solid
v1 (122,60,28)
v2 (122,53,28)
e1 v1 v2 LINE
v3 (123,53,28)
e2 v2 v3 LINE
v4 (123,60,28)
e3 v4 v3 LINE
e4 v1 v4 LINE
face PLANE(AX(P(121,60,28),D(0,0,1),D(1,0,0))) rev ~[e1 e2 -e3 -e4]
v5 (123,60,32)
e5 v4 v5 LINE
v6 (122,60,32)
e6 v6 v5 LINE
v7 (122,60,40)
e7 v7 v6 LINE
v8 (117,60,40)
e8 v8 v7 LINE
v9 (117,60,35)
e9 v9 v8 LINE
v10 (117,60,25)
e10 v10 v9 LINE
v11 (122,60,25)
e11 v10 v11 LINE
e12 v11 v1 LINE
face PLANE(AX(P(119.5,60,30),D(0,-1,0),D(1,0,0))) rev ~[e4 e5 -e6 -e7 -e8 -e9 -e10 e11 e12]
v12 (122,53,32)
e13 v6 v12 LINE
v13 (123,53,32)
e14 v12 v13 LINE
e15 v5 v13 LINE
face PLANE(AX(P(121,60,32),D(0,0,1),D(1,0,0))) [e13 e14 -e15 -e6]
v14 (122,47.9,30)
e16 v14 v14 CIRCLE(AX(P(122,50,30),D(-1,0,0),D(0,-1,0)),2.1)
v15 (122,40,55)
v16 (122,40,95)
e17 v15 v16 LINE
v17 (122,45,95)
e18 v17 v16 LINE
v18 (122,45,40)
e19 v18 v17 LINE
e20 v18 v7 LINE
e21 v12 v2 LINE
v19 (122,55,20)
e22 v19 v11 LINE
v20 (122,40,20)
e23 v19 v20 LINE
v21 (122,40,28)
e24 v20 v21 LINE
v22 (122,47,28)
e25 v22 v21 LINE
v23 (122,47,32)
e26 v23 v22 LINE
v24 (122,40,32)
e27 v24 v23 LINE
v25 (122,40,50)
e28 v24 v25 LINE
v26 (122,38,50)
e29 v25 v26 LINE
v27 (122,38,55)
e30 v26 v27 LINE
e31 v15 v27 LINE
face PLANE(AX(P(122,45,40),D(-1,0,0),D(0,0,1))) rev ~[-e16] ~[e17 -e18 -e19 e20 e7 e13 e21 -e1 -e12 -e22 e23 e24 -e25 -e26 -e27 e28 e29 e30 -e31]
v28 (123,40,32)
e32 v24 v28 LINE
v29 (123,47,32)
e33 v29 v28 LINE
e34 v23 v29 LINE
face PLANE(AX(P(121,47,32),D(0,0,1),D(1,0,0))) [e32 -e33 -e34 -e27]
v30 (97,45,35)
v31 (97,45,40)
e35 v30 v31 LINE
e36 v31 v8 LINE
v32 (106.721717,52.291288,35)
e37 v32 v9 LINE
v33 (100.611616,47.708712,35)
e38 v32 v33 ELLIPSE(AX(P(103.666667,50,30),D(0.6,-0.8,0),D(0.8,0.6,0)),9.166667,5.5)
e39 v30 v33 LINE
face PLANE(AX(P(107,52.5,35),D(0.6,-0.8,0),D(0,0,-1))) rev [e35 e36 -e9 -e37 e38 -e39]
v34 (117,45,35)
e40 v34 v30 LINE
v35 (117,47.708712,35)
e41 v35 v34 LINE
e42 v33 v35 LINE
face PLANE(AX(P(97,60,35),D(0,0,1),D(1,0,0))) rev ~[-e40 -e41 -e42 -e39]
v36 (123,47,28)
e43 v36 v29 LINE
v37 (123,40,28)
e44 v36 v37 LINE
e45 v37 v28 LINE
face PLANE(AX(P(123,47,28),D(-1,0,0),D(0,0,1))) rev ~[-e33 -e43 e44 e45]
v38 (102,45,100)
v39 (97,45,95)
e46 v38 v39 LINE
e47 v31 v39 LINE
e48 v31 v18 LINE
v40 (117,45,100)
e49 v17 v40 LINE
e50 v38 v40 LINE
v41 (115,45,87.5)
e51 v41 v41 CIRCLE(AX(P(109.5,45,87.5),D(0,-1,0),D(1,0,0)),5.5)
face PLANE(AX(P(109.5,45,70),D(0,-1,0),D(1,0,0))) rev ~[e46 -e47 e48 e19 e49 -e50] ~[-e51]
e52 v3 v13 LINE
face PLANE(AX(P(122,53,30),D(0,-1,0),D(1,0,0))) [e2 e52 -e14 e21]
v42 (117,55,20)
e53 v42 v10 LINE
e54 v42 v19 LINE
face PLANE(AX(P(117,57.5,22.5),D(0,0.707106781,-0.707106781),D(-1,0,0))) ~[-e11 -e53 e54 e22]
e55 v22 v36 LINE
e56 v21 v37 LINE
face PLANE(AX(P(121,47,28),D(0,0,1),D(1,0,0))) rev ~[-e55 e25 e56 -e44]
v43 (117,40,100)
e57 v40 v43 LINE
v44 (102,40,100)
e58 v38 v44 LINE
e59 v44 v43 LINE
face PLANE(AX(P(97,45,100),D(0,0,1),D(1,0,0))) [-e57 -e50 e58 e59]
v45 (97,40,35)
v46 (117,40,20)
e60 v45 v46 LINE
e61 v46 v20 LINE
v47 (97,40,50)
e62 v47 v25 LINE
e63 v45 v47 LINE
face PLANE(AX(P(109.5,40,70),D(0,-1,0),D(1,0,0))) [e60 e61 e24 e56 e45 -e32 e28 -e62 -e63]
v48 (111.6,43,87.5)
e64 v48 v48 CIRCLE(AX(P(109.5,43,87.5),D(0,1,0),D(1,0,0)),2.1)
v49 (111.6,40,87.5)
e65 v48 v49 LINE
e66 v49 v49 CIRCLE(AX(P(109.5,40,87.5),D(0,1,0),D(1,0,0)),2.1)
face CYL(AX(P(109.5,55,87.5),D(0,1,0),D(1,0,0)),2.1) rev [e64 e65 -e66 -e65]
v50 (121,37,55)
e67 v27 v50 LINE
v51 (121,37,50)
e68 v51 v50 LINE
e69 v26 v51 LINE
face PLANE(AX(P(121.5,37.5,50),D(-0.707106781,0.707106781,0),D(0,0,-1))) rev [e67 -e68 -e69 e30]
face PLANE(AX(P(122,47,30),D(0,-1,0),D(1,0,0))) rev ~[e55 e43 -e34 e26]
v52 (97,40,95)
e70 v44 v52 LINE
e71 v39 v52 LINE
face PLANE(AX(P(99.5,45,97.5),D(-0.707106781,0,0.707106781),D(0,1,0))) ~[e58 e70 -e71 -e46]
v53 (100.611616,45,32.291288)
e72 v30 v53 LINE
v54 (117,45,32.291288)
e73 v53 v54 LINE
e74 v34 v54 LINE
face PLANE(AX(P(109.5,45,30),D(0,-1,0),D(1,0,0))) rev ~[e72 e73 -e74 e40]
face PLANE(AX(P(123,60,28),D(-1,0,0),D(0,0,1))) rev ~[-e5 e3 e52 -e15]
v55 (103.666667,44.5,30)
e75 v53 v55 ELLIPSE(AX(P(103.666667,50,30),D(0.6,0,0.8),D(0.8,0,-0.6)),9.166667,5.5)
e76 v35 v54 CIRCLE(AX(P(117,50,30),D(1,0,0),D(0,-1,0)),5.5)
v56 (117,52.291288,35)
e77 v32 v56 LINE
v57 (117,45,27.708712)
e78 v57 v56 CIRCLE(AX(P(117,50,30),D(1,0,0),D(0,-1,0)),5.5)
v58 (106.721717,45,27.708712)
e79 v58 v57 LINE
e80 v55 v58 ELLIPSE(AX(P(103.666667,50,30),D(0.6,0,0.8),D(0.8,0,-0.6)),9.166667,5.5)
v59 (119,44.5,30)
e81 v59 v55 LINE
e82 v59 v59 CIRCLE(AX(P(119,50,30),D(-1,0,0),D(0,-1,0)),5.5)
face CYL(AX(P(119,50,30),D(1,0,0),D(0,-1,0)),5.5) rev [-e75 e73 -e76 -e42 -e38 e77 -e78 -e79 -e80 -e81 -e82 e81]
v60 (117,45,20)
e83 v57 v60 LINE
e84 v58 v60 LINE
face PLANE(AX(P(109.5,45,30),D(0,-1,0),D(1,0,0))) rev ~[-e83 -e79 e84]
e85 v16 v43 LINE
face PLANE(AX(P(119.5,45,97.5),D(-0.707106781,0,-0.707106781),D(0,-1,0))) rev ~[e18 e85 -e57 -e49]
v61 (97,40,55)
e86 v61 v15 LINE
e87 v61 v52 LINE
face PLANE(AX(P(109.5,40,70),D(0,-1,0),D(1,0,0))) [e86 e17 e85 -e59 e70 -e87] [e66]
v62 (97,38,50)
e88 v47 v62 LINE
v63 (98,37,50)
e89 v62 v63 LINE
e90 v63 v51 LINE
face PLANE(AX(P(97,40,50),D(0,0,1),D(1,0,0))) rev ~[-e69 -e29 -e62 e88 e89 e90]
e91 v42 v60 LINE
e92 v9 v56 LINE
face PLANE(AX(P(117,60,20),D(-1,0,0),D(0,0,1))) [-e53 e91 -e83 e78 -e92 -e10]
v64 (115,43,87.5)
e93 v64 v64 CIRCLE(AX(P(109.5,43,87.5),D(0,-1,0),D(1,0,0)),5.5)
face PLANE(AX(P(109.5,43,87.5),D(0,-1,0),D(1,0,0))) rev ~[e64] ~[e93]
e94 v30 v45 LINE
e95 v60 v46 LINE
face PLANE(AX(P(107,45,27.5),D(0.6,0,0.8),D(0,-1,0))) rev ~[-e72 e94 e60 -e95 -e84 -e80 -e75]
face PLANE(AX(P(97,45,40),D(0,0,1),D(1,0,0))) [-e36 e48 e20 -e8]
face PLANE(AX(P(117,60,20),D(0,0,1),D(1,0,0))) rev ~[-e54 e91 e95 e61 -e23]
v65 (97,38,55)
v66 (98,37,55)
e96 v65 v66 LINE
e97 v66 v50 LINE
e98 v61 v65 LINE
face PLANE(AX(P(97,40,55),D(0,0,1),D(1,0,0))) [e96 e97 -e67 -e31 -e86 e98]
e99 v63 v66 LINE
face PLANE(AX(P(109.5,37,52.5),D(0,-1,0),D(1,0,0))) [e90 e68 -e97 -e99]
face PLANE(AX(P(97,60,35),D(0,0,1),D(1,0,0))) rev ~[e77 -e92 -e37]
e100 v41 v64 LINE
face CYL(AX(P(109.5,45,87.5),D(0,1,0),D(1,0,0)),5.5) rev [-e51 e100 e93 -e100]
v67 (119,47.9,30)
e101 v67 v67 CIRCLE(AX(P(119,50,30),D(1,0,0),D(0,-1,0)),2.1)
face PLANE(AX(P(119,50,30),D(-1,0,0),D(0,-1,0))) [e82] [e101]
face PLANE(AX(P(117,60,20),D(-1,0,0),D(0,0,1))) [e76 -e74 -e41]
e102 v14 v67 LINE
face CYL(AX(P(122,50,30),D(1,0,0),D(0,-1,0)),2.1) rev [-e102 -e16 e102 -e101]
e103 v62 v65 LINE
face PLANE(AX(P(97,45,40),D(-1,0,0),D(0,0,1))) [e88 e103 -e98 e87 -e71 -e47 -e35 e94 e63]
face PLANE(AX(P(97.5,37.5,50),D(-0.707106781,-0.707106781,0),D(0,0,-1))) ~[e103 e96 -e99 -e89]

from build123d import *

# Parameters (mm, degrees)
CYLINDER015_R                   = 2.1
CYLINDER015_DEPTH               = 32
CYLINDER018_R                   = 5.5
CYLINDER018_DEPTH               = 2
CYLINDER016_R                   = 2.1
CYLINDER016_DEPTH               = 25
CYLINDER017_R                   = 5.5
CYLINDER017_DEPTH               = 22
BOX032_W                        = 2
BOX032_H                        = 4
BOX032_DEPTH                    = 7
BOX031_W                        = 25
BOX031_H                        = 20
BOX031_DEPTH                    = 5
CHAMFER003001005004_SIZE2       = 20
CHAMFER003001005004_SIZE        = 15
BOX030_W                        = 25
BOX030_H                        = 5
BOX030_DEPTH                    = 20
CHAMFER003001005003_SIZE2       = 20
CHAMFER003001005003_SIZE        = 15
BOX029_W                        = 5
BOX029_H                        = 20
BOX029_DEPTH                    = 20
BOX028_W                        = 25
BOX028_H                        = 60
BOX028_DEPTH                    = 5
BOX027_W                        = 25
BOX027_H                        = 5
BOX027_DEPTH                    = 3
BOX033_W                        = 2
BOX033_H                        = 4
BOX033_DEPTH                    = 7
CHAMFER003001005005_SIZE        = 1
CHAMFER003001005006_SIZE        = 5
CHAMFER003001005007_SIZE        = 5
CUT003023001010_PLACEMENT_ANGLE = 90


with BuildPart() as cylinder015:
    # Cylinder015 → Cylinder015 (new body)
    with BuildSketch(Plane(origin=(82.5, 32.5, -15), x_dir=(1, 0, 0), z_dir=(0, 0, 1))):
        Circle(CYLINDER015_R)
    extrude(amount=CYLINDER015_DEPTH)


with BuildPart() as fusion003013:
    # Cylinder018 → Cylinder018 (new body)
    with BuildSketch(Plane(origin=(82.5, 32.5, -5), x_dir=(1, 0, 0), z_dir=(0, 0, 1))):
        Circle(CYLINDER018_R)
    extrude(amount=CYLINDER018_DEPTH)

    # Fusion003013: union Cylinder015
    add(cylinder015.part)


with BuildPart() as cylinder016:
    # Cylinder016 → Cylinder016 (new body)
    with BuildSketch(Plane(origin=(95, -25, -10), x_dir=(0, 0, 1), z_dir=(-1, 0, 0))):
        Circle(CYLINDER016_R)
    extrude(amount=CYLINDER016_DEPTH)


with BuildPart() as fusion003011:
    # Cylinder017 → Cylinder017 (new body)
    with BuildSketch(Plane(origin=(92, -25, -10), x_dir=(0, 0, 1), z_dir=(-1, 0, 0))):
        Circle(CYLINDER017_R)
    extrude(amount=CYLINDER017_DEPTH)

    # Fusion003011: union Cylinder016
    add(cylinder016.part)


with BuildPart() as cube032:
    # Box032 → Box032 (new body)
    with BuildSketch(Plane(origin=(94, -27, -20), x_dir=(1, 0, 0), z_dir=(0, 0, 1))):
        with Locations((1, 2)):
            Rectangle(BOX032_W, BOX032_H)
    extrude(amount=BOX032_DEPTH)


with BuildPart() as chamfer003001005004:
    # Box031 → Box031 (new body)
    with BuildSketch(Plane(origin=(70, -35, -5), x_dir=(1, 0, 0), z_dir=(0, 0, 1))):
        with Locations((12.5, 10)):
            Rectangle(BOX031_W, BOX031_H)
    extrude(amount=BOX031_DEPTH)

    # Chamfer003001005004
    chamfer003001005004_edges = [chamfer003001005004.edges().sort_by_distance(p)[0] for p in [
        (70, -35, -2.5),
    ]]
    chamfer003001005004_side = chamfer003001005004.faces().sort_by_distance((70, -25, -2.5))[0]
    chamfer(chamfer003001005004_edges, length=CHAMFER003001005004_SIZE, length2=CHAMFER003001005004_SIZE2, reference=chamfer003001005004_side)


with BuildPart() as chamfer003001005003:
    # Box030 → Box030 (new body)
    with BuildSketch(Plane(origin=(70, -20, -20), x_dir=(1, 0, 0), z_dir=(0, 0, 1))):
        with Locations((12.5, 2.5)):
            Rectangle(BOX030_W, BOX030_H)
    extrude(amount=BOX030_DEPTH)

    # Chamfer003001005003
    chamfer003001005003_edges = [chamfer003001005003.edges().sort_by_distance(p)[0] for p in [
        (70, -17.5, -20),
    ]]
    chamfer003001005003_side = chamfer003001005003.faces().sort_by_distance((70, -17.5, -10))[0]
    chamfer(chamfer003001005003_edges, length=CHAMFER003001005003_SIZE, length2=CHAMFER003001005003_SIZE2, reference=chamfer003001005003_side)


with BuildPart() as cube029:
    # Box029 → Box029 (new body)
    with BuildSketch(Plane(origin=(90, -35, -20), x_dir=(1, 0, 0), z_dir=(0, 0, 1))):
        with Locations((2.5, 10)):
            Rectangle(BOX029_W, BOX029_H)
    extrude(amount=BOX029_DEPTH)


with BuildPart() as cube028:
    # Box028 → Box028 (new body)
    with BuildSketch(Plane(origin=(70, -15, -5), x_dir=(1, 0, 0), z_dir=(0, 0, 1))):
        with Locations((12.5, 30)):
            Rectangle(BOX028_W, BOX028_H)
    extrude(amount=BOX028_DEPTH)


with BuildPart() as cube027:
    # Box027 → Box027 (new body)
    with BuildSketch(Plane(origin=(70, -5, 0), x_dir=(1, 0, 0), z_dir=(0, 0, 1))):
        with Locations((12.5, 2.5)):
            Rectangle(BOX027_W, BOX027_H)
    extrude(amount=BOX027_DEPTH)


with BuildPart() as psu_supporter:
    # Box033 → Box033 (new body)
    with BuildSketch(Plane(origin=(94, -27, -7), x_dir=(1, 0, 0), z_dir=(0, 0, 1))):
        with Locations((1, 2)):
            Rectangle(BOX033_W, BOX033_H)
    extrude(amount=BOX033_DEPTH)

    # Fusion003012: union Cube032, Chamfer003001005004, Chamfer003001005003, Cube029, Cube028, Cube027
    add(cube032.part)
    add(chamfer003001005004.part)
    add(chamfer003001005003.part)
    add(cube029.part)
    add(cube028.part)
    add(cube027.part)

    # Chamfer003001005005
    chamfer003001005005_edges = [psu_supporter.edges().sort_by_distance(p)[0] for p in [
        (70, -2.5, 3),
        (95, -2.5, 3),
    ]]
    chamfer(chamfer003001005005_edges, length=CHAMFER003001005005_SIZE)

    # Chamfer003001005006
    chamfer003001005006_edges = [psu_supporter.edges().sort_by_distance(p)[0] for p in [
        (92.5, -35, -20),
    ]]
    chamfer(chamfer003001005006_edges, length=CHAMFER003001005006_SIZE)

    # Cut003023001009: cut Fusion003011
    add(fusion003011.part, mode=Mode.SUBTRACT)

    # Chamfer003001005007
    chamfer003001005007_edges = [psu_supporter.edges().sort_by_distance(p)[0] for p in [
        (95, 45, -2.5),
        (70, 45, -2.5),
    ]]
    chamfer(chamfer003001005007_edges, length=CHAMFER003001005007_SIZE)

    # Cut003023001010: cut Fusion003013
    add(fusion003013.part, mode=Mode.SUBTRACT)


with BuildPart() as psu_supporter_1:
    # Cut003023001010 placement: moved
    add(psu_supporter.part.moved(Location((27, 40, 55))).rotate(Axis((27, 40, 55), (1, 0, 0)), CUT003023001010_PLACEMENT_ANGLE))


solid = psu_supporter_1.part
